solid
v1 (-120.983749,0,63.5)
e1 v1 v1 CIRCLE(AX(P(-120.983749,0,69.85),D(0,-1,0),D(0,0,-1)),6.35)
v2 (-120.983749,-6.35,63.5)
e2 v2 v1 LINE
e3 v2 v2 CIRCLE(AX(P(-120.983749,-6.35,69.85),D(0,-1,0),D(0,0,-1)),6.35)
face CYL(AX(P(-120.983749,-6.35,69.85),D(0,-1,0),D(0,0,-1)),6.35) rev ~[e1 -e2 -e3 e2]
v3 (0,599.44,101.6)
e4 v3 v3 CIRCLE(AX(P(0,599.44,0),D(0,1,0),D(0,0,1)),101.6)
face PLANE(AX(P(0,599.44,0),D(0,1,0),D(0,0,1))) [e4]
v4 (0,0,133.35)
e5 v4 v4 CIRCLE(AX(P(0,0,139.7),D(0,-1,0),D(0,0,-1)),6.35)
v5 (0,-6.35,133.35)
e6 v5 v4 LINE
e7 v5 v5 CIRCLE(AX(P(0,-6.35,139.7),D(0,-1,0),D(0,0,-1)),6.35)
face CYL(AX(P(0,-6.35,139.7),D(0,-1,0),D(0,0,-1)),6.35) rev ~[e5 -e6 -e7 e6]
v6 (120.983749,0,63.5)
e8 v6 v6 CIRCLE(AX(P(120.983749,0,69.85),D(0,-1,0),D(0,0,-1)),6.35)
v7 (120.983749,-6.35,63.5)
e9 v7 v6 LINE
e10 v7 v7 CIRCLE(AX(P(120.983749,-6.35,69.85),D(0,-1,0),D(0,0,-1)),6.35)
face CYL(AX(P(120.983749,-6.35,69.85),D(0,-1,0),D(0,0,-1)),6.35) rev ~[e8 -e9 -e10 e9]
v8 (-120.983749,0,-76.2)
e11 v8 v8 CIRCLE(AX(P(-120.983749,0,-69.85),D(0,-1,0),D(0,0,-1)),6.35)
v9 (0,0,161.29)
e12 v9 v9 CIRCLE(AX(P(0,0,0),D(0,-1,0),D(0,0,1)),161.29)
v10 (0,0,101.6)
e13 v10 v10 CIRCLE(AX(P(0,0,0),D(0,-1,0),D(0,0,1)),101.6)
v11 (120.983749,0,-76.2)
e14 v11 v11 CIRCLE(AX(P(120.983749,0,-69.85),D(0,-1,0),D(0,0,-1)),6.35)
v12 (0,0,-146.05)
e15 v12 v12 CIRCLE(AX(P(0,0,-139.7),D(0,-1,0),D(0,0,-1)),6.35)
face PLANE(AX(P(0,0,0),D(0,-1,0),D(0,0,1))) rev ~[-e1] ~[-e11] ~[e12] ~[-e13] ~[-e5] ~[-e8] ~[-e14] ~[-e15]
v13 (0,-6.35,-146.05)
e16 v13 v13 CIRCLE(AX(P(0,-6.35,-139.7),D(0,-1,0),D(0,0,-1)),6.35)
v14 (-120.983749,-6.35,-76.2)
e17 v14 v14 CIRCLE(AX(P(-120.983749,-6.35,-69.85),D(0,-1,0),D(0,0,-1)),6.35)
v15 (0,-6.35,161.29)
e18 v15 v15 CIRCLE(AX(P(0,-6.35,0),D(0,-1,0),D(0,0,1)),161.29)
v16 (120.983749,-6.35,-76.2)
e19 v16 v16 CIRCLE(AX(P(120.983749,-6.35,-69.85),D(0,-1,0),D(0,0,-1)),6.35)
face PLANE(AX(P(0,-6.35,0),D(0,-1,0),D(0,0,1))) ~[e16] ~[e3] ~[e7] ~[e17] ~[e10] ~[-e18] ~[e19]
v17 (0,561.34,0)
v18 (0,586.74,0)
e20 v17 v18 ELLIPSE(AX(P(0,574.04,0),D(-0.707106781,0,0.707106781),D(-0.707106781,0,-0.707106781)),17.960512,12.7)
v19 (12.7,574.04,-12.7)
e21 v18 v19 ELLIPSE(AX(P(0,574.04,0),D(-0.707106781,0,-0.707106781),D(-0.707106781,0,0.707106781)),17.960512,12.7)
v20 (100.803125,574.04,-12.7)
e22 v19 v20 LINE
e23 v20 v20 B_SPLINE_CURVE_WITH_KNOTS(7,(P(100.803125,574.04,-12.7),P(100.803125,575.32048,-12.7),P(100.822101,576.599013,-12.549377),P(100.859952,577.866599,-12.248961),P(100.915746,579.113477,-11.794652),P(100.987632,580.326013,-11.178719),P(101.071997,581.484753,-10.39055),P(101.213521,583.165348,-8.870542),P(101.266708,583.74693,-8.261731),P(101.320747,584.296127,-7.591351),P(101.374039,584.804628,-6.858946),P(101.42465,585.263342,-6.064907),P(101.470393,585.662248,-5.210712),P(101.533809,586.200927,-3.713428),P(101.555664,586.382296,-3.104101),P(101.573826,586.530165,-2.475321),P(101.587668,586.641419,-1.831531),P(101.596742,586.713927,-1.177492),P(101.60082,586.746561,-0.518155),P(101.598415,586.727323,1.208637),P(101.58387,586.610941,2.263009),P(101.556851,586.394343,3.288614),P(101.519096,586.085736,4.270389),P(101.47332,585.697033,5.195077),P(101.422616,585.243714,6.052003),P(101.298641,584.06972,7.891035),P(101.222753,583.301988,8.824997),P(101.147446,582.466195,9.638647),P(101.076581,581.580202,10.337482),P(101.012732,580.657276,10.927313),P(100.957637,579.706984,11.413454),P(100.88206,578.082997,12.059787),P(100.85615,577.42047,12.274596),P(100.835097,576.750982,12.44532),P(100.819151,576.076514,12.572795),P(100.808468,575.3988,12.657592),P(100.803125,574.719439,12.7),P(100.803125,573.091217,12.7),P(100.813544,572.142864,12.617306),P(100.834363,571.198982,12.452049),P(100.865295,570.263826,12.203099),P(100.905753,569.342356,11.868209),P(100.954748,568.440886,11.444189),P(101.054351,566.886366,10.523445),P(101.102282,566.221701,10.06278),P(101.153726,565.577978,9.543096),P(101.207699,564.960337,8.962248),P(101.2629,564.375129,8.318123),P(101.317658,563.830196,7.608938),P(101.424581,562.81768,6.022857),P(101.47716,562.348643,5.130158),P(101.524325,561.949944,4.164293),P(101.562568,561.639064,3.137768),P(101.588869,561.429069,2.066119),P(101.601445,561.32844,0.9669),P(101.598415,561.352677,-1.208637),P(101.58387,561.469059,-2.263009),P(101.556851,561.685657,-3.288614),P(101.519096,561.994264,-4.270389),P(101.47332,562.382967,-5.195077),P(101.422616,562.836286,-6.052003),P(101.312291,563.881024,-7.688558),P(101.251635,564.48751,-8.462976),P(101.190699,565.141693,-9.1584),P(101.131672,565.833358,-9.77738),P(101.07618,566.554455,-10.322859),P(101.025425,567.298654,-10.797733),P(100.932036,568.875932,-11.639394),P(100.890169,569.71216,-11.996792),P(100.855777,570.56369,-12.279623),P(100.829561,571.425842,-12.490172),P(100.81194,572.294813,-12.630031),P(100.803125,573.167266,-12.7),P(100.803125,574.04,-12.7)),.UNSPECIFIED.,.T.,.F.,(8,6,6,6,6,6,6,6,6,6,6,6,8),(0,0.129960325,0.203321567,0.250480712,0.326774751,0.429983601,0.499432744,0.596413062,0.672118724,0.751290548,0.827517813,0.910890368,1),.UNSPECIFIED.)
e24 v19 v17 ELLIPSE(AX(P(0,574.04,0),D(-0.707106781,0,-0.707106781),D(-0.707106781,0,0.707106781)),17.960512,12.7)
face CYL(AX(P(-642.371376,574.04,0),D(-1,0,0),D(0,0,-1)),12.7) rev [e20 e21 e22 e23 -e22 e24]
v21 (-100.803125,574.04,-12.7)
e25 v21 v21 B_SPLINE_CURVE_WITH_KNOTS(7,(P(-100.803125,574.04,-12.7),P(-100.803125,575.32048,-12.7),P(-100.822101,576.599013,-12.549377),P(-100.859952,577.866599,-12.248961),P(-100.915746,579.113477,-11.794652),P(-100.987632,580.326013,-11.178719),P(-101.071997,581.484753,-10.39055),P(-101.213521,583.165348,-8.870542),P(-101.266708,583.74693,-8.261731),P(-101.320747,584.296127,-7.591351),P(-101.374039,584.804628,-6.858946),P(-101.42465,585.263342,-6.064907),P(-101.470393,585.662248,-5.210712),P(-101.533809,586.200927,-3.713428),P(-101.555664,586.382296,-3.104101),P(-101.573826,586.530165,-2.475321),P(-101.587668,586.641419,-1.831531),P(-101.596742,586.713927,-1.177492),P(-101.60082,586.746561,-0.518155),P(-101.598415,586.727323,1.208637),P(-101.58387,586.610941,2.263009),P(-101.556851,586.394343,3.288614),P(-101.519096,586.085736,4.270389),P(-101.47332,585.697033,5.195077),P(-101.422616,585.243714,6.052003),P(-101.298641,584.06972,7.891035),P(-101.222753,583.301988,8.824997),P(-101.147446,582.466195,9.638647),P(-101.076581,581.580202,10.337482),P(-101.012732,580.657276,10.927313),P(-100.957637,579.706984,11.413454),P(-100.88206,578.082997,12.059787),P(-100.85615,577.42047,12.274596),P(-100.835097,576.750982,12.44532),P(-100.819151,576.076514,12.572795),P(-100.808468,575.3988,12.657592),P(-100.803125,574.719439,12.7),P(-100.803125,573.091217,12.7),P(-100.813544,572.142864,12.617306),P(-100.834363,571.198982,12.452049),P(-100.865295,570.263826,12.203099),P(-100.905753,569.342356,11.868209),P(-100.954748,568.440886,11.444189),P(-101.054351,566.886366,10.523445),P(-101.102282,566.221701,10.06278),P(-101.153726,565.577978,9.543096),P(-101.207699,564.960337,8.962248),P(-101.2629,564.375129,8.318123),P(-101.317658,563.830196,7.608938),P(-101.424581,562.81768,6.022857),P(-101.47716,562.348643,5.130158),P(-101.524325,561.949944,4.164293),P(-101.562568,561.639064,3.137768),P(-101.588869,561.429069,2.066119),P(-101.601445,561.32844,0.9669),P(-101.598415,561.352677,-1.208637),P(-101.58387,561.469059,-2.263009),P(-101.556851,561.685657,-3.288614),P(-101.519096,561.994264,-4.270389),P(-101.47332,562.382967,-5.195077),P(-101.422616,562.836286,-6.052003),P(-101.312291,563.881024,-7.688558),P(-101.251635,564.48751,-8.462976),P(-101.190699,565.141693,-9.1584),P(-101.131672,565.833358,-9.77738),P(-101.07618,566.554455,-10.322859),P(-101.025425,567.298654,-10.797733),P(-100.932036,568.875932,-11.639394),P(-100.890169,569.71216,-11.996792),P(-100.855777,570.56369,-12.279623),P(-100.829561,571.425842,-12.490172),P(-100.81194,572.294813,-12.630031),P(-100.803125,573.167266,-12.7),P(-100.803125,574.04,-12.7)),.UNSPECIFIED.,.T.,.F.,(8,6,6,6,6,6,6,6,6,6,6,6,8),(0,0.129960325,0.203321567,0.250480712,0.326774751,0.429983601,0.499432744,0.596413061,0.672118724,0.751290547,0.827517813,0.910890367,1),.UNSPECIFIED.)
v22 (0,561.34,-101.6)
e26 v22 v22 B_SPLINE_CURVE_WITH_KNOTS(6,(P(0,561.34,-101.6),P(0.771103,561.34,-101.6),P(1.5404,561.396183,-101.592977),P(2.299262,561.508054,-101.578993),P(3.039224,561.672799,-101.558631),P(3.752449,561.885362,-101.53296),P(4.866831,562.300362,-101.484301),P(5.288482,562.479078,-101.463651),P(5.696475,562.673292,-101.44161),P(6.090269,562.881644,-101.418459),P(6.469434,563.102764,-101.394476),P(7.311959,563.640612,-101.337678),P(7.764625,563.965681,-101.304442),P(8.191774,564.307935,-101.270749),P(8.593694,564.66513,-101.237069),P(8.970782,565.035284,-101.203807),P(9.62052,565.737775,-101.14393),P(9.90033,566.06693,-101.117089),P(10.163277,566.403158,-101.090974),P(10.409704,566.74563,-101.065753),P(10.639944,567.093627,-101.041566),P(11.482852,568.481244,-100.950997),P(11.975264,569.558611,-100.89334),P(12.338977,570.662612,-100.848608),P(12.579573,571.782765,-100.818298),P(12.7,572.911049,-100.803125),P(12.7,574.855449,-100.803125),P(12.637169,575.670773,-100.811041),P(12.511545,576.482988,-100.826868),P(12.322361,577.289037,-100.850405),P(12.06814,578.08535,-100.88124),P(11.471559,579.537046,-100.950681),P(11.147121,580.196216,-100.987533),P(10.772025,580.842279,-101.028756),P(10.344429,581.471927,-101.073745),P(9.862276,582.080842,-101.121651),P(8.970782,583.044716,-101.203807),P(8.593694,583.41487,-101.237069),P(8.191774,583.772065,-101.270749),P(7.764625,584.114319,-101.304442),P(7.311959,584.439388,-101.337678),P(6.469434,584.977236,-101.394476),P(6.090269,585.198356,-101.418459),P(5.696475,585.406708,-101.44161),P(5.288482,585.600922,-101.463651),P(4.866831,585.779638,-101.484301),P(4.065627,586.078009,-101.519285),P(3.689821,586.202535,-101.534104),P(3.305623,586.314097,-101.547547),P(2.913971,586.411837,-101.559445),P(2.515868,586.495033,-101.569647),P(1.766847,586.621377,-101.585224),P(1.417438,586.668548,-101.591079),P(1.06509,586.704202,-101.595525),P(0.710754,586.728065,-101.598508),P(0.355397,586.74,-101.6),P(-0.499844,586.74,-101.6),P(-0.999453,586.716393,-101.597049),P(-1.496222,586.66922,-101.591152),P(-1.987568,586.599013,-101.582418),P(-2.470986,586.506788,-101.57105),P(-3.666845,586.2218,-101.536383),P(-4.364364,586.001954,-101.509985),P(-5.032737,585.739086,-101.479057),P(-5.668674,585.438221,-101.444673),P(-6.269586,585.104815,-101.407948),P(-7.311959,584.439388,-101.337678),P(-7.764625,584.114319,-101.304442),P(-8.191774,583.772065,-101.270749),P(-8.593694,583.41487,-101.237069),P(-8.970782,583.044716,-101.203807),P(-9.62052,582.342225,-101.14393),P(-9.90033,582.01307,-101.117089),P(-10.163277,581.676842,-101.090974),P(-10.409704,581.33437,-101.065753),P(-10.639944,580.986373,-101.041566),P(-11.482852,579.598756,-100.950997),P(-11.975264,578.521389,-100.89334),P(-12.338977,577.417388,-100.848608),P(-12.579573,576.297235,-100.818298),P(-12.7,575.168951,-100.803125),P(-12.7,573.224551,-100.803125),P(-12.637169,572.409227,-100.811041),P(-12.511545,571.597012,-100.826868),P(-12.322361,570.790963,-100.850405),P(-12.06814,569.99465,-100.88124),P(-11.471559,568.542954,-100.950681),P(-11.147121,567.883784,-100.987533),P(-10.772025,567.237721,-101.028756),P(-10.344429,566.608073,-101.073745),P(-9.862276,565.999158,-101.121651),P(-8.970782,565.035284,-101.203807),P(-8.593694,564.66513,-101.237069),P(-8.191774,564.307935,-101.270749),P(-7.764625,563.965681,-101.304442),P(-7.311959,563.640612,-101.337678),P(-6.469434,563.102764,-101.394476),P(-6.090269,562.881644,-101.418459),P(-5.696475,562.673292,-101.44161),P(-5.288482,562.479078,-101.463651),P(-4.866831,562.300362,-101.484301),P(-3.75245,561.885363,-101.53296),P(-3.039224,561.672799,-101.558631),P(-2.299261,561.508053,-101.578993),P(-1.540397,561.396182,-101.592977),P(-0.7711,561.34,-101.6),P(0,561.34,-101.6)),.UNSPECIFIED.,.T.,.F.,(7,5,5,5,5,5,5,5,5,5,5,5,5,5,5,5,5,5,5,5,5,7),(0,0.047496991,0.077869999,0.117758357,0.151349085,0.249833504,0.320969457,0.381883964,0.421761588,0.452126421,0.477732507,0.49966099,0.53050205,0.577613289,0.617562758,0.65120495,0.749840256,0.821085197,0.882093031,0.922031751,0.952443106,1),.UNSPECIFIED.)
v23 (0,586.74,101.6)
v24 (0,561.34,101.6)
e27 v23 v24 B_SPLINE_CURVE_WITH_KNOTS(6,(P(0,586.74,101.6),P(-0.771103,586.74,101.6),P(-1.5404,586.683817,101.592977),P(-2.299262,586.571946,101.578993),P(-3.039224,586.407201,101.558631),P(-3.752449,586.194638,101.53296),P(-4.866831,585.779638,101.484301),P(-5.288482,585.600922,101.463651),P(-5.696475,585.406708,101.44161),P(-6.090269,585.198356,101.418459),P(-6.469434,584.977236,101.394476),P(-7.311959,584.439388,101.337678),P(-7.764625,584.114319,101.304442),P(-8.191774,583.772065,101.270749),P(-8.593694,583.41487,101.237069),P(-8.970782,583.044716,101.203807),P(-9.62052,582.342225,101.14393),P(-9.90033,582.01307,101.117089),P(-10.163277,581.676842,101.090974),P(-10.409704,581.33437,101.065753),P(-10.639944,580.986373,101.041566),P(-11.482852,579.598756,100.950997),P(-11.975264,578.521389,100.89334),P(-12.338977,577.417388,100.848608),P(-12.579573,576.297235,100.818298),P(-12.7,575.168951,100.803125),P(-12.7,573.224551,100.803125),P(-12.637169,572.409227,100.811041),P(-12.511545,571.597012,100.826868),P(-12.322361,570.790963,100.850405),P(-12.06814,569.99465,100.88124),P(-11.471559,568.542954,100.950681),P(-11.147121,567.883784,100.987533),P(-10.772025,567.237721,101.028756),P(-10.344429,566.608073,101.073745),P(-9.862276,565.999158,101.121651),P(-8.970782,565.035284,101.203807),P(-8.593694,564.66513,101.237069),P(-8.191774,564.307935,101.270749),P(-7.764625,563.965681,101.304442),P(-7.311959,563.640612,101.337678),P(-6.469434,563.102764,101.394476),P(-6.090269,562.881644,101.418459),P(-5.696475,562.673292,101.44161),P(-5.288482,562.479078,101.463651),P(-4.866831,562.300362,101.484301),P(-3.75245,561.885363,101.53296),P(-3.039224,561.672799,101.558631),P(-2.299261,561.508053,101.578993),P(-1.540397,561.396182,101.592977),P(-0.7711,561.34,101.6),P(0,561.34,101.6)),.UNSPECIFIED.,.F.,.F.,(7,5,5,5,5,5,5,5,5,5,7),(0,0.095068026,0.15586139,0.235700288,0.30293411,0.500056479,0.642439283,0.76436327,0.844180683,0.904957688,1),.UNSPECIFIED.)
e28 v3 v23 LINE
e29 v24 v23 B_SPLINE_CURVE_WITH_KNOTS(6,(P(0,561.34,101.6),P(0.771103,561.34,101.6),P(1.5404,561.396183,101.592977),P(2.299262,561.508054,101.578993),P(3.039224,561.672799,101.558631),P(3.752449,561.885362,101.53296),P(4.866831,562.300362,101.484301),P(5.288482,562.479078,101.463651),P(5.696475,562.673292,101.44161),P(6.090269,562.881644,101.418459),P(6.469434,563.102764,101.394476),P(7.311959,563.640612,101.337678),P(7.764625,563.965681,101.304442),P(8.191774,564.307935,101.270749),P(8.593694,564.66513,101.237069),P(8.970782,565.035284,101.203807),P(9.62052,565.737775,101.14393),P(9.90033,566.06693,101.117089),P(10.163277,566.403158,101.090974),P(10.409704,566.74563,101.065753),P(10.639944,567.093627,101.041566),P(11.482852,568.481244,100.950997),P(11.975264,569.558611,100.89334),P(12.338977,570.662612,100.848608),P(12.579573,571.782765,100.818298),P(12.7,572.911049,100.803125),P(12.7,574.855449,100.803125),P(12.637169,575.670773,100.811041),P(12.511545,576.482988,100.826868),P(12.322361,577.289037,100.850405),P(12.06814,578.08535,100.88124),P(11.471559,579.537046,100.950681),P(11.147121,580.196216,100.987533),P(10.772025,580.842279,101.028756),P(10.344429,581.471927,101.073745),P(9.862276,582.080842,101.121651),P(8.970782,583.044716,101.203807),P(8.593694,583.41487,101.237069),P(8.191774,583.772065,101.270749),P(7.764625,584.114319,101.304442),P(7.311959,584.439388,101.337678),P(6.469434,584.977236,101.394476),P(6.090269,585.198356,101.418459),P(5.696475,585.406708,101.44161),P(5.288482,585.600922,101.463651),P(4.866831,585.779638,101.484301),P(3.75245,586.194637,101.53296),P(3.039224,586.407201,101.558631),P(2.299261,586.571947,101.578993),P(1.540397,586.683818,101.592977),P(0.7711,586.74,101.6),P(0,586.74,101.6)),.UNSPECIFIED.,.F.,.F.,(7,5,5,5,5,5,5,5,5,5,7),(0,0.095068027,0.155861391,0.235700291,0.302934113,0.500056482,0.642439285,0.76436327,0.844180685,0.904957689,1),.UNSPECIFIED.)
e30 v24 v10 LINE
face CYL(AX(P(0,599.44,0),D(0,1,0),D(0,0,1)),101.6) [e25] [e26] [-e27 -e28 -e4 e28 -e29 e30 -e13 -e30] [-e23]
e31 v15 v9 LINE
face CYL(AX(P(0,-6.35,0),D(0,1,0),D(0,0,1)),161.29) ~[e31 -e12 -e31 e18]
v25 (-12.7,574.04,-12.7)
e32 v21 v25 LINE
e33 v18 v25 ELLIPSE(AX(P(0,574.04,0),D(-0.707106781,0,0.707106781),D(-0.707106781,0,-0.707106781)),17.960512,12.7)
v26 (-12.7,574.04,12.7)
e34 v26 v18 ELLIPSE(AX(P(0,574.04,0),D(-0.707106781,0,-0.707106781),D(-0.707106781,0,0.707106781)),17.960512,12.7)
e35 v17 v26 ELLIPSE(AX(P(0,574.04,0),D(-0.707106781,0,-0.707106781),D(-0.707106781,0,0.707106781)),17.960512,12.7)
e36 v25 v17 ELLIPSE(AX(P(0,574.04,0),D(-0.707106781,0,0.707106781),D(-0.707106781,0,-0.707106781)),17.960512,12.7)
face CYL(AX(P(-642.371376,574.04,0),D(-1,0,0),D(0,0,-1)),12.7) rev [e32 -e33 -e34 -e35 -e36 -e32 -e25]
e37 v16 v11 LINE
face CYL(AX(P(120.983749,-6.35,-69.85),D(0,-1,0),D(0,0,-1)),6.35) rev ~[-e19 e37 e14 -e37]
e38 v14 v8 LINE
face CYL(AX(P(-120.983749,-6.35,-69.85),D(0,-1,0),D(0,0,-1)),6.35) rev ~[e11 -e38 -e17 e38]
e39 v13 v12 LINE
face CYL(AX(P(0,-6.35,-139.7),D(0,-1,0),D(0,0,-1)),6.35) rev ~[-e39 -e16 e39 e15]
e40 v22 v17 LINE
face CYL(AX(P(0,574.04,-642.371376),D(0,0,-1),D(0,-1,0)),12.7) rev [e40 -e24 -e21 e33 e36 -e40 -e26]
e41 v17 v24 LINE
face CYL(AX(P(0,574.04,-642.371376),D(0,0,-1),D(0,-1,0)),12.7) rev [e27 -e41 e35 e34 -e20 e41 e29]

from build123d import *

# Parameters (mm, degrees)
BOSS_EXTRUDE1_START     = 8.89
SKETCH4_R               = 101.6
BOSS_EXTRUDE1_DEPTH     = 8.89
CUT_EXTRUDE2_DEPTH      = 642.371375881
CUT_EXTRUDE2_DEPTH_BACK = 642.371375881
SKETCH5_R               = 12.7
CUT_EXTRUDE3_DEPTH      = 642.371375975
CUT_EXTRUDE3_DEPTH_BACK = 642.371375975
SKETCH6_R               = 12.7
SKETCH7_R               = 6.35
CUT_EXTRUDE4_DEPTH      = 648.310167092


with BuildPart() as part:
    # Sketch2 → Revolve1 (revolve)
    with BuildSketch(Plane.XY, mode=Mode.PRIVATE) as revolve1_sk:
        Polygon((101.6, 0), (101.6, 590.55), (0, 590.55), (0, 0), (0, -6.35), (161.29, -6.35), (161.29, 0), align=None)
    revolve(revolve1_sk.sketch.rotate(Axis((0, 590.55, 0), (0, -1, 0)), 90), axis=Axis((0, 590.55, 0), (0, -1, 0)))

    # Sketch4 → Boss-Extrude1 (add)
    with BuildSketch(Plane(origin=(0, 590.55, 0), x_dir=(1, 0, 0), z_dir=(0, 1, 0)).offset(BOSS_EXTRUDE1_START)):
        with Locations(Location((0, 0, 0), (0, 0, 270))):
            Circle(SKETCH4_R)
    extrude(amount=-BOSS_EXTRUDE1_DEPTH)

    # Sketch5 → Cut-Extrude2 (cut, two sides: drawn at the far end of the back side and taken through both)
    with BuildSketch(Plane(origin=(0, 0, 0), x_dir=(0, 0, -1), z_dir=(1, 0, 0)).offset(-CUT_EXTRUDE2_DEPTH_BACK)):
        with Locations((0, 574.04)):
            Circle(SKETCH5_R)
    extrude(amount=CUT_EXTRUDE2_DEPTH + CUT_EXTRUDE2_DEPTH_BACK, mode=Mode.SUBTRACT)

    # Sketch6 → Cut-Extrude3 (cut, two sides: drawn at the far end of the back side and taken through both)
    with BuildSketch(Plane.XY.offset(-CUT_EXTRUDE3_DEPTH_BACK)):
        with Locations(Location((0, 574.04, 0), (0, 0, 270))):
            Circle(SKETCH6_R)
    extrude(amount=CUT_EXTRUDE3_DEPTH + CUT_EXTRUDE3_DEPTH_BACK, mode=Mode.SUBTRACT)

    # Sketch7 → Cut-Extrude4 (cut, through all)
    with BuildSketch(Plane.XZ.offset(6.35)):
        with Locations(Location((0, 139.7, 0), (0, 0, 270))):
            Circle(SKETCH7_R)
        with Locations(Location((120.983748909, 69.85, 0), (0, 0, 270))):
            Circle(SKETCH7_R)
        with Locations(Location((120.983748909, -69.85, 0), (0, 0, 270))):
            Circle(SKETCH7_R)
        with Locations(Location((0, -139.7, 0), (0, 0, 270))):
            Circle(SKETCH7_R)
        with Locations(Location((-120.983748909, -69.85, 0), (0, 0, 270))):
            Circle(SKETCH7_R)
        with Locations(Location((-120.983748909, 69.85, 0), (0, 0, 270))):
            Circle(SKETCH7_R)
    extrude(amount=-CUT_EXTRUDE4_DEPTH, mode=Mode.SUBTRACT)


solid = part.part
